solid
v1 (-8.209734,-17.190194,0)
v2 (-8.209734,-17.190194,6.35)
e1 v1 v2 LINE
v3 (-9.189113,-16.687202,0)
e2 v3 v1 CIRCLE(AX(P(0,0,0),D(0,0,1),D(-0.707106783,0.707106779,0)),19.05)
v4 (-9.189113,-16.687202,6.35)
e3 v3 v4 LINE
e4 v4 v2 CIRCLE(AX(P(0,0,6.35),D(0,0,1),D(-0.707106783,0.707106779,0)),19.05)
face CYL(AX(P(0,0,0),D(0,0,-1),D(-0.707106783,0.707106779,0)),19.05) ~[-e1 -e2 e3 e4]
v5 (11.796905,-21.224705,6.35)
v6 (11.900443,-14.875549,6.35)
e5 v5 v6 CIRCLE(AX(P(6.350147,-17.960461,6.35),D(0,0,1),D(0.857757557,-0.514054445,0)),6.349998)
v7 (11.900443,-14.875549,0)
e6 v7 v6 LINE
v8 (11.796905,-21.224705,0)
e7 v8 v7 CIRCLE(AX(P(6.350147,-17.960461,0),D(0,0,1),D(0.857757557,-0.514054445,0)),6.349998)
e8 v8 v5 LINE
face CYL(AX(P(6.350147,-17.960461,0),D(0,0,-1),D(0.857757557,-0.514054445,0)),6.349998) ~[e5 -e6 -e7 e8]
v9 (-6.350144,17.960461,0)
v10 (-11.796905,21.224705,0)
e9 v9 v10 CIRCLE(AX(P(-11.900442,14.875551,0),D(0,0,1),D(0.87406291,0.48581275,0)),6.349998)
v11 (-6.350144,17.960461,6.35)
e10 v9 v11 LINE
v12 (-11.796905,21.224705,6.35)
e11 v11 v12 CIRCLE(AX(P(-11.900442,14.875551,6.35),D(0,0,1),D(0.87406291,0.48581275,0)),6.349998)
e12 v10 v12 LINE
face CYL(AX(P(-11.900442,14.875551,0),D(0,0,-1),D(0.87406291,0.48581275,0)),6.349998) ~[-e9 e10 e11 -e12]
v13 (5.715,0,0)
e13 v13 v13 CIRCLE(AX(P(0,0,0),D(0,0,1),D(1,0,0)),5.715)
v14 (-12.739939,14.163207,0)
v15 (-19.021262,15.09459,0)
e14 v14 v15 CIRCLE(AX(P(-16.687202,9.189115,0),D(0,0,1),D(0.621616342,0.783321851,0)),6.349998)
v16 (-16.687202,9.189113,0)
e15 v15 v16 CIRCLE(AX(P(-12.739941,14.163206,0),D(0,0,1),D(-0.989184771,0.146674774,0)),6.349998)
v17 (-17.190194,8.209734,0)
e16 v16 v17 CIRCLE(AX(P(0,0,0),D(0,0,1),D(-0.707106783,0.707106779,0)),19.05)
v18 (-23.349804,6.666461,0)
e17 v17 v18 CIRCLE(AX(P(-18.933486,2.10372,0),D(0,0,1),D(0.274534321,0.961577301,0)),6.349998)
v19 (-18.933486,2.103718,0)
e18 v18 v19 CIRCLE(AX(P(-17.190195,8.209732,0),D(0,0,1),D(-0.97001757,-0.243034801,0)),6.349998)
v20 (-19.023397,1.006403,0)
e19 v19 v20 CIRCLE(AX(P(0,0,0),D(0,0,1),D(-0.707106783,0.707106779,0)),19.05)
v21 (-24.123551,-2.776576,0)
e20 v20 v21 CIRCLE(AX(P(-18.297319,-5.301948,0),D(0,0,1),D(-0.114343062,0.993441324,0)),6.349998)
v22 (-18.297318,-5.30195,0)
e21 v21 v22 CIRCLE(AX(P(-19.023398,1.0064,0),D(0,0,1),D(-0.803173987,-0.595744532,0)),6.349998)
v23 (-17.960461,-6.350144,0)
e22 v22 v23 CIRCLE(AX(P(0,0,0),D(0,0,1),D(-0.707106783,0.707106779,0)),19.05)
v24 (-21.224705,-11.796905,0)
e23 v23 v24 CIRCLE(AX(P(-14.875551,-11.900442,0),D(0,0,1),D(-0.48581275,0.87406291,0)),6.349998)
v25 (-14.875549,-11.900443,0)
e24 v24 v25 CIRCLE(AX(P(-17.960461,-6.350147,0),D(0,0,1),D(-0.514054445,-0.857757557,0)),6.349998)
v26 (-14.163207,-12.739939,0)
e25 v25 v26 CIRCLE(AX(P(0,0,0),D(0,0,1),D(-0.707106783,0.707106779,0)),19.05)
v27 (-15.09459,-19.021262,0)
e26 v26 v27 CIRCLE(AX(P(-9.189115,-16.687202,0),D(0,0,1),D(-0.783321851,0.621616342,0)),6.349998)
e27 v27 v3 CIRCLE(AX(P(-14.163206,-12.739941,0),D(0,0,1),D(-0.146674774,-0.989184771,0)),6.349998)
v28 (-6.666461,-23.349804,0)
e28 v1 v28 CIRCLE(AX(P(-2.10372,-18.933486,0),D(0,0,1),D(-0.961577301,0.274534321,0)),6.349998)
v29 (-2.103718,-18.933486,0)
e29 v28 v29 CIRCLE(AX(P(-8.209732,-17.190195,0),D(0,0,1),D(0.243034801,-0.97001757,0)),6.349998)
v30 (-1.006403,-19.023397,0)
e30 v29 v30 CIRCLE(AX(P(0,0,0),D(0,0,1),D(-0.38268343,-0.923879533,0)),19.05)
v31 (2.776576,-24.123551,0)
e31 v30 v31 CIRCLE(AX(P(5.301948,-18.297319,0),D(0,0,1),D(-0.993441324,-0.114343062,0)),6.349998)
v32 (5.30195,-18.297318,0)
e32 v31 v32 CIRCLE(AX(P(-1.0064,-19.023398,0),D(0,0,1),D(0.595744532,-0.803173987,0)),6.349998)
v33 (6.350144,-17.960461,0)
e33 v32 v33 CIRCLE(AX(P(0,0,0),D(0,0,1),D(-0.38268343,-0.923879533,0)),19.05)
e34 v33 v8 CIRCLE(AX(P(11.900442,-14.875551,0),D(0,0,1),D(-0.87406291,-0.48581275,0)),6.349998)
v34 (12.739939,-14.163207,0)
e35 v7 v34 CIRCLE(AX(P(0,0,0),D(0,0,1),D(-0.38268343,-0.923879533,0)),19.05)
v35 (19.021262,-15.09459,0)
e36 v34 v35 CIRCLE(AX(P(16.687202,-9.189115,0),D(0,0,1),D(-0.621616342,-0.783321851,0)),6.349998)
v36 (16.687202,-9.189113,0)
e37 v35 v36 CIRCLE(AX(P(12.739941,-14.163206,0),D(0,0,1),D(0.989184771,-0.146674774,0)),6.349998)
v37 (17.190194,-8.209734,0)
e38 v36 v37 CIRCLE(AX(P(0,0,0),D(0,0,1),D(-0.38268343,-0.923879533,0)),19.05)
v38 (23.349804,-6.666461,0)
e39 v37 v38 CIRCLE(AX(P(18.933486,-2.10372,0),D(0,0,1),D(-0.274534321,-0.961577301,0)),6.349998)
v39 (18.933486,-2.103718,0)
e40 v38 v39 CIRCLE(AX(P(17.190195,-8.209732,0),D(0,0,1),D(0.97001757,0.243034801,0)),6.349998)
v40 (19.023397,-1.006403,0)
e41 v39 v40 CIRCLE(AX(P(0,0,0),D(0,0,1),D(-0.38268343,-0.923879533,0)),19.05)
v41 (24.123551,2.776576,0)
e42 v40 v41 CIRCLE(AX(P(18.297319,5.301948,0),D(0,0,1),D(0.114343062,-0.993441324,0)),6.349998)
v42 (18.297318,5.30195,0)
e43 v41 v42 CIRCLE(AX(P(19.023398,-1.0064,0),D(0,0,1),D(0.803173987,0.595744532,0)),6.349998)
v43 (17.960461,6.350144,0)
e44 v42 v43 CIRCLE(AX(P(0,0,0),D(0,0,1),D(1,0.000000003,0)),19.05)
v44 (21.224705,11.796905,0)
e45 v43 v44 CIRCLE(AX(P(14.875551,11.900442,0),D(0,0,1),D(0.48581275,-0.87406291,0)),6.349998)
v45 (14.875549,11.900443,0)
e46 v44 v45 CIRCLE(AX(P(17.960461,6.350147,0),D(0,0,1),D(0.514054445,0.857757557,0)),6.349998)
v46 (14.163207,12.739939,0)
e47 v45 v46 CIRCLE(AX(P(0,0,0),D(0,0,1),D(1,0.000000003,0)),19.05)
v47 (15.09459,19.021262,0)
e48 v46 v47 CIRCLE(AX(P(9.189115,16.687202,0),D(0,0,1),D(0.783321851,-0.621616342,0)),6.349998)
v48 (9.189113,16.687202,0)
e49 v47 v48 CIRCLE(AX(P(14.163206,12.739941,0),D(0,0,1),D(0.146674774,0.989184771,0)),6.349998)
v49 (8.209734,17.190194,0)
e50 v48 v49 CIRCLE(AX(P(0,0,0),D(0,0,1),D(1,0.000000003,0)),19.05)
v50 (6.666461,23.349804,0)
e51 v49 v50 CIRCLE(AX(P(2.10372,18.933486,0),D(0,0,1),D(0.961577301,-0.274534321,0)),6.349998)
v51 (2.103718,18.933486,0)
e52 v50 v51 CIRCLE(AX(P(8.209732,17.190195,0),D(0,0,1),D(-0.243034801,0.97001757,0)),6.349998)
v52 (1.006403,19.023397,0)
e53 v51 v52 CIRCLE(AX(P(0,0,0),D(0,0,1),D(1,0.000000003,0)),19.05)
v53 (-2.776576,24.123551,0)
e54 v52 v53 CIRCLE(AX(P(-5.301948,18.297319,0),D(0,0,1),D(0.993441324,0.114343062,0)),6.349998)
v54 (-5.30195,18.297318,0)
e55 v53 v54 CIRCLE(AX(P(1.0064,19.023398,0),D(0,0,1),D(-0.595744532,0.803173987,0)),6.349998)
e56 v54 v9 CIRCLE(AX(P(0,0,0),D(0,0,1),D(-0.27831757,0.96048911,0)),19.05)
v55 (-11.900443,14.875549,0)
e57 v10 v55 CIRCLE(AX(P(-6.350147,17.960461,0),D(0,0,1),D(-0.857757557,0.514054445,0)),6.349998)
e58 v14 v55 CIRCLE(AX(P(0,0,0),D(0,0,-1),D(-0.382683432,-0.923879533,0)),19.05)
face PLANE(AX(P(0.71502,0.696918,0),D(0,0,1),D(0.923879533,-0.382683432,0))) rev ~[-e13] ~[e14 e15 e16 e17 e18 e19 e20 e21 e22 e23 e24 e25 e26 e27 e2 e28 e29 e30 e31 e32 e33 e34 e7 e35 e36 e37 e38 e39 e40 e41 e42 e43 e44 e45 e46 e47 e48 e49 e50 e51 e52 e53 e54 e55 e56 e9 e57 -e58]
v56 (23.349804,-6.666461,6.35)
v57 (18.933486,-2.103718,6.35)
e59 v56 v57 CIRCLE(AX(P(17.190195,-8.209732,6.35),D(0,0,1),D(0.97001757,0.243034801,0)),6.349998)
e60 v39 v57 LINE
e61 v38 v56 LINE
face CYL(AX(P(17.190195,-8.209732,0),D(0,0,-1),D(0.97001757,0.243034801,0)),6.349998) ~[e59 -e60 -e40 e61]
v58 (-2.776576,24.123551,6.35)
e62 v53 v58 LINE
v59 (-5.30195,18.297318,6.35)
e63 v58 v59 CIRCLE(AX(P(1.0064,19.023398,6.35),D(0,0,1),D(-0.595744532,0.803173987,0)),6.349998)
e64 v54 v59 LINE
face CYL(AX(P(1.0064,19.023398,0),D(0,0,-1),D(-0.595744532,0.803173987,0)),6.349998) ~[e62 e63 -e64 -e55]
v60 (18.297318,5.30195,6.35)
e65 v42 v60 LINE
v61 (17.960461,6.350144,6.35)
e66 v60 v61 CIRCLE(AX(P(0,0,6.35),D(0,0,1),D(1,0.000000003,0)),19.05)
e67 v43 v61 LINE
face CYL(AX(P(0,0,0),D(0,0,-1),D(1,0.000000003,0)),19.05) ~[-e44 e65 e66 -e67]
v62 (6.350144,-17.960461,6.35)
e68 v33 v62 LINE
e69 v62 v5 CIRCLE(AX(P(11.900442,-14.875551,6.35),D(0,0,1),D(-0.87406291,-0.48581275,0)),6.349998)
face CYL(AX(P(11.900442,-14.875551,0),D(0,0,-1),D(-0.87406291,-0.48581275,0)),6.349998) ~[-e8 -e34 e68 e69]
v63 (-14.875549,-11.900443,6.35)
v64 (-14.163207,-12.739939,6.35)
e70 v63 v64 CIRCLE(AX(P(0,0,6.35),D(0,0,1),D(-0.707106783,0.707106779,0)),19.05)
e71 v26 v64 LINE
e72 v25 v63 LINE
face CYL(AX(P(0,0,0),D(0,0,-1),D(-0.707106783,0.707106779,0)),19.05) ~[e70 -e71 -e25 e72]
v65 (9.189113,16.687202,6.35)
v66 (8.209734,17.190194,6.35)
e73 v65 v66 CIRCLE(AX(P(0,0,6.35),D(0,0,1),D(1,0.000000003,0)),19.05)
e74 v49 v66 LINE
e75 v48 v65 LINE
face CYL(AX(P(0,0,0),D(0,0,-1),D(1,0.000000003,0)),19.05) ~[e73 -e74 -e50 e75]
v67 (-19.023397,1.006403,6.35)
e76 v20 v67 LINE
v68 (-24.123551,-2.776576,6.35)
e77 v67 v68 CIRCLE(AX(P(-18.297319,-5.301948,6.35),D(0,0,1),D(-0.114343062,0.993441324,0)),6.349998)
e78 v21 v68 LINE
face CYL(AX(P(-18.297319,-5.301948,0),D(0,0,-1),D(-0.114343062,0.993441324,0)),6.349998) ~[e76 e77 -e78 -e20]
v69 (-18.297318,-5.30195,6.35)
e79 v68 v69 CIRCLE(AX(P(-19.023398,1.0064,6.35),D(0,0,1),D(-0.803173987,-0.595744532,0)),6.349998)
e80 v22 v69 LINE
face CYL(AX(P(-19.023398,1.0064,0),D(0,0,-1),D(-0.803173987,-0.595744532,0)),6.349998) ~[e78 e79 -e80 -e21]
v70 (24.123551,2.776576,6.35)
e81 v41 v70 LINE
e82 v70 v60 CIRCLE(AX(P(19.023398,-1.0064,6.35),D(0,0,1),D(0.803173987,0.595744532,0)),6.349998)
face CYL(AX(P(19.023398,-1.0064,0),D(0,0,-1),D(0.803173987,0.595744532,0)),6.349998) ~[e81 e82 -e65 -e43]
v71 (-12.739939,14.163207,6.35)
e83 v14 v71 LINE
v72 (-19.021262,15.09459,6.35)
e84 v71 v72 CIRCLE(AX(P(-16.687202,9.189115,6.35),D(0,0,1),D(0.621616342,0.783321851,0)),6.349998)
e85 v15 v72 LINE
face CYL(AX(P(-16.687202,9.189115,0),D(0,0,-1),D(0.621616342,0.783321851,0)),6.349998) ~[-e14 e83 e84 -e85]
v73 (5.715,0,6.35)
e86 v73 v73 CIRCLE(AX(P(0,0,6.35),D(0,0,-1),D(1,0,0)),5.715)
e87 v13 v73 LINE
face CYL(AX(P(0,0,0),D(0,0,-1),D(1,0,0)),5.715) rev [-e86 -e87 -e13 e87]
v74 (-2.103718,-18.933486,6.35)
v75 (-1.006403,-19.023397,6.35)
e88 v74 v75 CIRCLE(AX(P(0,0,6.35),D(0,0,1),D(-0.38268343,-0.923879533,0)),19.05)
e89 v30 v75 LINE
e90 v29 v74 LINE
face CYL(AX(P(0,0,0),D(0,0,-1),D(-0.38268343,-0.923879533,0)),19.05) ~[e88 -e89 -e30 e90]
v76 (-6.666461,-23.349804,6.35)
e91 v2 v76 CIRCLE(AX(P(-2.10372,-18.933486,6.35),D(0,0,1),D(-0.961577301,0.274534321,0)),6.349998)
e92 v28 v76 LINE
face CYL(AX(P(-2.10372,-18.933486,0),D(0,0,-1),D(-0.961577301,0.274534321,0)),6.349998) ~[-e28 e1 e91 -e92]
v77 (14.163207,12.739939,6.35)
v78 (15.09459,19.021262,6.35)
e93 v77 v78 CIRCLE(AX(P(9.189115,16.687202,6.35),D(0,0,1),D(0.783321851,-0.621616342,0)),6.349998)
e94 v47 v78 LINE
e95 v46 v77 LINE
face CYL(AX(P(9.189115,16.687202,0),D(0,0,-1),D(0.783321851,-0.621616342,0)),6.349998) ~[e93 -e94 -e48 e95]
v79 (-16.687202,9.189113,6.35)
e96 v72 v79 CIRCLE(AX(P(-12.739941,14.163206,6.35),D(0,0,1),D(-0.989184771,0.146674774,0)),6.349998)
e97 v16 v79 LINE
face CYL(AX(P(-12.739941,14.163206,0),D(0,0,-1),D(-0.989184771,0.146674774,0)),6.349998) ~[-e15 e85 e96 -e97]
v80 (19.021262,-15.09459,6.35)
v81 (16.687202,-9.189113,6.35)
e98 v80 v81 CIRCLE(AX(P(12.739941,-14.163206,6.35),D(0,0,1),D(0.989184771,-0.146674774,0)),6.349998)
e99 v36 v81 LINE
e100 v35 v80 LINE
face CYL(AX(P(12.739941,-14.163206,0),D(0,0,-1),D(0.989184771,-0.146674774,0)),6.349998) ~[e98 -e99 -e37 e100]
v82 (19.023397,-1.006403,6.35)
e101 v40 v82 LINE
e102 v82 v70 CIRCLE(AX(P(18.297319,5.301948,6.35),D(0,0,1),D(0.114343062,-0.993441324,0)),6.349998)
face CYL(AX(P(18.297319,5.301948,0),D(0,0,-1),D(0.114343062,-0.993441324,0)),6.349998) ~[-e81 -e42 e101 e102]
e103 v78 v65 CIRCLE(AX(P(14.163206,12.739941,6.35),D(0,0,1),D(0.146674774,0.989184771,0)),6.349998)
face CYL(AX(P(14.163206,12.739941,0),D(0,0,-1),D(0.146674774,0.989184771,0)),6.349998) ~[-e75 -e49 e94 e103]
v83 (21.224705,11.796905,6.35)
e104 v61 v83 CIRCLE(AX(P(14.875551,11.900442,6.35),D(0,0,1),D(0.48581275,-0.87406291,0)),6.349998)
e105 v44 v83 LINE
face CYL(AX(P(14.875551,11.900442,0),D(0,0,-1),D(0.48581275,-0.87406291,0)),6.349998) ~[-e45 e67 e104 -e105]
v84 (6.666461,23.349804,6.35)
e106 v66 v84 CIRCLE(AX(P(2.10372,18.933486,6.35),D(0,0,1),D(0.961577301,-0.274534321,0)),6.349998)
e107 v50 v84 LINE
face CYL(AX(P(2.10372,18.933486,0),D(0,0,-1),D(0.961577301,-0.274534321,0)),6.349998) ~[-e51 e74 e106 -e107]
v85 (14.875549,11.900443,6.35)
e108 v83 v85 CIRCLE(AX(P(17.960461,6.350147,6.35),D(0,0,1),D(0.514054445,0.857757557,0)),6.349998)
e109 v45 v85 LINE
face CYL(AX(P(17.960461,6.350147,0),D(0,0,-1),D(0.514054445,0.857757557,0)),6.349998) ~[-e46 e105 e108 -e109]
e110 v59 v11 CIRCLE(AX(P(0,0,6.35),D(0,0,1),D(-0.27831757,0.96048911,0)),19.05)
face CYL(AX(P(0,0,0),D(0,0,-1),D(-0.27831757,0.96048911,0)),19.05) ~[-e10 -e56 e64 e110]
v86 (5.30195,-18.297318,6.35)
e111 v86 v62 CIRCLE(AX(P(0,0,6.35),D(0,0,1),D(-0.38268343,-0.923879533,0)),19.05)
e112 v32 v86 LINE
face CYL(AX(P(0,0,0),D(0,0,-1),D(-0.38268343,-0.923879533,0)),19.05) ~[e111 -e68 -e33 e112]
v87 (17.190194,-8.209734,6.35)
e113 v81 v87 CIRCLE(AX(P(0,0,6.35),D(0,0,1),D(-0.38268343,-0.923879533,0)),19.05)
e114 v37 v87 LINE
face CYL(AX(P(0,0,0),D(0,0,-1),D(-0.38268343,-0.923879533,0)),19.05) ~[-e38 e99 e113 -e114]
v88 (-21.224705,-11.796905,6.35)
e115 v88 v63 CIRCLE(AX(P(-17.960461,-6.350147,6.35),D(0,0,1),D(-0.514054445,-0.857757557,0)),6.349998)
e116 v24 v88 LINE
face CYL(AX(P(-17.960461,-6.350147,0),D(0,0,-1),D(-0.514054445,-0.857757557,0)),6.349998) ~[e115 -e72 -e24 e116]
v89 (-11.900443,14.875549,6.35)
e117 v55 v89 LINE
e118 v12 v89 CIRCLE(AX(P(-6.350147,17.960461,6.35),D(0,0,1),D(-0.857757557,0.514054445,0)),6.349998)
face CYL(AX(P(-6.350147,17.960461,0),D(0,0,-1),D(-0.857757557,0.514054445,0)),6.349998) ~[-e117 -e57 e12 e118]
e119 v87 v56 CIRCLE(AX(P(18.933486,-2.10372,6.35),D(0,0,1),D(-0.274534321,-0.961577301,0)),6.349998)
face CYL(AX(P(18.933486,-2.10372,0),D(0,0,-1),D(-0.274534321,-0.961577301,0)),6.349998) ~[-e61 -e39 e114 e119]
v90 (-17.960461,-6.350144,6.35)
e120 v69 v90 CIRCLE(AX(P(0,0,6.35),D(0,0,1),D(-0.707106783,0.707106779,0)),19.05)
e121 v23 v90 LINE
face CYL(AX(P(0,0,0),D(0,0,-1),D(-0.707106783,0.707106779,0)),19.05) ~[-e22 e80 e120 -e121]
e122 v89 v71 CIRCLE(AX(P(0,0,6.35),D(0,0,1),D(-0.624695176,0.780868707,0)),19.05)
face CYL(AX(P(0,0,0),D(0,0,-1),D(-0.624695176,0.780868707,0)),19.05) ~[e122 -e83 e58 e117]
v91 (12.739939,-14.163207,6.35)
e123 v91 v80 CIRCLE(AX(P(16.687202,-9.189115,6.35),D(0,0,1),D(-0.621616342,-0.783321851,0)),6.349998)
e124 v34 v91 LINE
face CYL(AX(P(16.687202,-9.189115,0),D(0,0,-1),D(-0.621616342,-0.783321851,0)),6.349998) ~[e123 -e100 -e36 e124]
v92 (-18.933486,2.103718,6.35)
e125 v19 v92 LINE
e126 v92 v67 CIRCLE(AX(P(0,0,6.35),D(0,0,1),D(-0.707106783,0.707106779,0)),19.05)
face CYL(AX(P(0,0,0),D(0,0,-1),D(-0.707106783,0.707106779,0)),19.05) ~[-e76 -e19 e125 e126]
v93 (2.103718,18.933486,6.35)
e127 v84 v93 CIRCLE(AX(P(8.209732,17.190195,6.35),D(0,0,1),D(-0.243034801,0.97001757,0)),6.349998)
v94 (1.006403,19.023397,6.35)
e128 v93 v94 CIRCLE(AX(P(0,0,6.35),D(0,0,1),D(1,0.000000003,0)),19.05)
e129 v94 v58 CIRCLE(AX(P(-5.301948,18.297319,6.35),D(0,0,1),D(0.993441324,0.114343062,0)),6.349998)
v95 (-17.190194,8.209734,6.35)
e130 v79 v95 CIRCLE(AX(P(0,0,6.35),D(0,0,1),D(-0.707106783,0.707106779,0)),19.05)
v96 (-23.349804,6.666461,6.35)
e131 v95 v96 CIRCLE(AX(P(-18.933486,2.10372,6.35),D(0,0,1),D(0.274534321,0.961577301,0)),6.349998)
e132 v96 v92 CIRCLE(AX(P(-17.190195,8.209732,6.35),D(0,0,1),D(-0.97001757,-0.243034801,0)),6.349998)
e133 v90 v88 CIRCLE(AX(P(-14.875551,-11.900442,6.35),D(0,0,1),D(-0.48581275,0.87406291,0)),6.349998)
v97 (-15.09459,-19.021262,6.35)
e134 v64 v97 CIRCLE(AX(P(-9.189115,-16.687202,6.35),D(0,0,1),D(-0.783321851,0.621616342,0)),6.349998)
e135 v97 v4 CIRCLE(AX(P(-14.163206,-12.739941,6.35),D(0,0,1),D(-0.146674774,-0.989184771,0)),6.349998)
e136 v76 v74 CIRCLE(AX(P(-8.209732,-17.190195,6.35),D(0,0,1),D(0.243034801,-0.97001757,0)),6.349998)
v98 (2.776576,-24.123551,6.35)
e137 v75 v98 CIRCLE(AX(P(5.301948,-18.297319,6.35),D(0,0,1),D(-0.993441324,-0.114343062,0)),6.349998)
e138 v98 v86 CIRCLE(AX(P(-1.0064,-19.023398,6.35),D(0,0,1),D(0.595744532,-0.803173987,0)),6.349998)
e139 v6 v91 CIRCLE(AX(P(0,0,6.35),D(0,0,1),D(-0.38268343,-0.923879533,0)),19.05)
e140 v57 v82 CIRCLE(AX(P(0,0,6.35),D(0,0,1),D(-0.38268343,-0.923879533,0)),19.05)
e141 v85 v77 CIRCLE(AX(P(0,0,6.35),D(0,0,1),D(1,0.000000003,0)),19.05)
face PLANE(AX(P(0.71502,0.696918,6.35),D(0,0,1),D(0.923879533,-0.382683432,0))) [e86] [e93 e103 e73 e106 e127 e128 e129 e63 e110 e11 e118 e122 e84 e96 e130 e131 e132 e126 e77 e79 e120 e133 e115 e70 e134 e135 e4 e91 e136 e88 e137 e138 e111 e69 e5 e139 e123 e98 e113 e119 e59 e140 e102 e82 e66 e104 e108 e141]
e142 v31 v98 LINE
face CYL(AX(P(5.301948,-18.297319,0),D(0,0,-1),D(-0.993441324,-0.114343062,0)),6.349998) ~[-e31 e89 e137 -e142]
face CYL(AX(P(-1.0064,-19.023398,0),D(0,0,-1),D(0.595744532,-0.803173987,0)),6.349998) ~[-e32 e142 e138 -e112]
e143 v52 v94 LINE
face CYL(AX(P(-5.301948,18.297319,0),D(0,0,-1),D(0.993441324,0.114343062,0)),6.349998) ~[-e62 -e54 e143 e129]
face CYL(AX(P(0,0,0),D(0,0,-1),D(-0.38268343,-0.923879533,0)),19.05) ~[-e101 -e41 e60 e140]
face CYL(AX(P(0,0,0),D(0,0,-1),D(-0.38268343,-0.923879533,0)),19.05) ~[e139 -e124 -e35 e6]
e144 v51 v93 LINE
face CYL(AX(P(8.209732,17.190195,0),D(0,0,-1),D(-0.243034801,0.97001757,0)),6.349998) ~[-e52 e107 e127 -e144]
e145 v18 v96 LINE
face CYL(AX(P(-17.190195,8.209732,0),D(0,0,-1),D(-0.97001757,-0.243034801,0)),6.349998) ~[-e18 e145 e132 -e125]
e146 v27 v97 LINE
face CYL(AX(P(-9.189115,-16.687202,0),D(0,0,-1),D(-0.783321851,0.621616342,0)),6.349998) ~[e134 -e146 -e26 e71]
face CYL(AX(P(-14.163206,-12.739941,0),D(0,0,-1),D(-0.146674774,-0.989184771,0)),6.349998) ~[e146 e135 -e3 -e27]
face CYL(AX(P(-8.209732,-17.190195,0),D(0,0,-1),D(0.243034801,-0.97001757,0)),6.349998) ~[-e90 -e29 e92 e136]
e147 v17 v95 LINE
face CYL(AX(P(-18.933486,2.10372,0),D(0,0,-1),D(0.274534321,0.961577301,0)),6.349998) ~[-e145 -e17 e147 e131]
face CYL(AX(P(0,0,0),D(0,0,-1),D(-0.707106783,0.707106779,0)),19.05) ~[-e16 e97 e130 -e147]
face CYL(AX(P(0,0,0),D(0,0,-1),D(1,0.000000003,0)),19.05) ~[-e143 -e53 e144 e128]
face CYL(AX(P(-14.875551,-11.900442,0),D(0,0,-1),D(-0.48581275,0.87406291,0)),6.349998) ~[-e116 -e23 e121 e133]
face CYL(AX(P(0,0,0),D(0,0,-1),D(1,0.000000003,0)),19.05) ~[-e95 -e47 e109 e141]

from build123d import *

# Parameters (mm, degrees)
F0_R     = 5.715
F1_DEPTH = 6.35
F2_COUNT = 16


with BuildPart() as f1:
    # F0 (on Top) → F1 (new body)
    with BuildSketch(Plane.XY):
        with BuildLine():
            ThreePointArc((-11.900443, 14.875549), (-8.252244, -17.169827), (19.05, 0))
            ThreePointArc((19.05, 0), (10.99846, 15.554304), (-6.350144, 17.960461))
            ThreePointArc((-6.350144, 17.960461), (-9.254736, 16.650896), (-11.900443, 14.875549))
        make_face()
        Circle(F0_R, mode=Mode.SUBTRACT)
        with BuildLine():
            ThreePointArc((-11.900443, 14.875549), (-9.254736, 16.650896), (-6.350144, 17.960461))
            ThreePointArc((-6.350144, 17.960461), (-8.636199, 20.322311), (-11.796905, 21.224705))
            ThreePointArc((-11.796905, 21.224705), (-12.6993, 18.063999), (-11.900443, 14.875549))
        make_face()
    extrude(amount=F1_DEPTH)

    # F2: F1 ×16 about axis
    f2_axis = Axis((0, 0, 0), (0, 0, -1))


with BuildPart() as f1_1:
    add(f1.part)
    for i in range(1, F2_COUNT):
        add(f1.part.rotate(f2_axis, i * 360 / F2_COUNT))


solid = f1_1.part
